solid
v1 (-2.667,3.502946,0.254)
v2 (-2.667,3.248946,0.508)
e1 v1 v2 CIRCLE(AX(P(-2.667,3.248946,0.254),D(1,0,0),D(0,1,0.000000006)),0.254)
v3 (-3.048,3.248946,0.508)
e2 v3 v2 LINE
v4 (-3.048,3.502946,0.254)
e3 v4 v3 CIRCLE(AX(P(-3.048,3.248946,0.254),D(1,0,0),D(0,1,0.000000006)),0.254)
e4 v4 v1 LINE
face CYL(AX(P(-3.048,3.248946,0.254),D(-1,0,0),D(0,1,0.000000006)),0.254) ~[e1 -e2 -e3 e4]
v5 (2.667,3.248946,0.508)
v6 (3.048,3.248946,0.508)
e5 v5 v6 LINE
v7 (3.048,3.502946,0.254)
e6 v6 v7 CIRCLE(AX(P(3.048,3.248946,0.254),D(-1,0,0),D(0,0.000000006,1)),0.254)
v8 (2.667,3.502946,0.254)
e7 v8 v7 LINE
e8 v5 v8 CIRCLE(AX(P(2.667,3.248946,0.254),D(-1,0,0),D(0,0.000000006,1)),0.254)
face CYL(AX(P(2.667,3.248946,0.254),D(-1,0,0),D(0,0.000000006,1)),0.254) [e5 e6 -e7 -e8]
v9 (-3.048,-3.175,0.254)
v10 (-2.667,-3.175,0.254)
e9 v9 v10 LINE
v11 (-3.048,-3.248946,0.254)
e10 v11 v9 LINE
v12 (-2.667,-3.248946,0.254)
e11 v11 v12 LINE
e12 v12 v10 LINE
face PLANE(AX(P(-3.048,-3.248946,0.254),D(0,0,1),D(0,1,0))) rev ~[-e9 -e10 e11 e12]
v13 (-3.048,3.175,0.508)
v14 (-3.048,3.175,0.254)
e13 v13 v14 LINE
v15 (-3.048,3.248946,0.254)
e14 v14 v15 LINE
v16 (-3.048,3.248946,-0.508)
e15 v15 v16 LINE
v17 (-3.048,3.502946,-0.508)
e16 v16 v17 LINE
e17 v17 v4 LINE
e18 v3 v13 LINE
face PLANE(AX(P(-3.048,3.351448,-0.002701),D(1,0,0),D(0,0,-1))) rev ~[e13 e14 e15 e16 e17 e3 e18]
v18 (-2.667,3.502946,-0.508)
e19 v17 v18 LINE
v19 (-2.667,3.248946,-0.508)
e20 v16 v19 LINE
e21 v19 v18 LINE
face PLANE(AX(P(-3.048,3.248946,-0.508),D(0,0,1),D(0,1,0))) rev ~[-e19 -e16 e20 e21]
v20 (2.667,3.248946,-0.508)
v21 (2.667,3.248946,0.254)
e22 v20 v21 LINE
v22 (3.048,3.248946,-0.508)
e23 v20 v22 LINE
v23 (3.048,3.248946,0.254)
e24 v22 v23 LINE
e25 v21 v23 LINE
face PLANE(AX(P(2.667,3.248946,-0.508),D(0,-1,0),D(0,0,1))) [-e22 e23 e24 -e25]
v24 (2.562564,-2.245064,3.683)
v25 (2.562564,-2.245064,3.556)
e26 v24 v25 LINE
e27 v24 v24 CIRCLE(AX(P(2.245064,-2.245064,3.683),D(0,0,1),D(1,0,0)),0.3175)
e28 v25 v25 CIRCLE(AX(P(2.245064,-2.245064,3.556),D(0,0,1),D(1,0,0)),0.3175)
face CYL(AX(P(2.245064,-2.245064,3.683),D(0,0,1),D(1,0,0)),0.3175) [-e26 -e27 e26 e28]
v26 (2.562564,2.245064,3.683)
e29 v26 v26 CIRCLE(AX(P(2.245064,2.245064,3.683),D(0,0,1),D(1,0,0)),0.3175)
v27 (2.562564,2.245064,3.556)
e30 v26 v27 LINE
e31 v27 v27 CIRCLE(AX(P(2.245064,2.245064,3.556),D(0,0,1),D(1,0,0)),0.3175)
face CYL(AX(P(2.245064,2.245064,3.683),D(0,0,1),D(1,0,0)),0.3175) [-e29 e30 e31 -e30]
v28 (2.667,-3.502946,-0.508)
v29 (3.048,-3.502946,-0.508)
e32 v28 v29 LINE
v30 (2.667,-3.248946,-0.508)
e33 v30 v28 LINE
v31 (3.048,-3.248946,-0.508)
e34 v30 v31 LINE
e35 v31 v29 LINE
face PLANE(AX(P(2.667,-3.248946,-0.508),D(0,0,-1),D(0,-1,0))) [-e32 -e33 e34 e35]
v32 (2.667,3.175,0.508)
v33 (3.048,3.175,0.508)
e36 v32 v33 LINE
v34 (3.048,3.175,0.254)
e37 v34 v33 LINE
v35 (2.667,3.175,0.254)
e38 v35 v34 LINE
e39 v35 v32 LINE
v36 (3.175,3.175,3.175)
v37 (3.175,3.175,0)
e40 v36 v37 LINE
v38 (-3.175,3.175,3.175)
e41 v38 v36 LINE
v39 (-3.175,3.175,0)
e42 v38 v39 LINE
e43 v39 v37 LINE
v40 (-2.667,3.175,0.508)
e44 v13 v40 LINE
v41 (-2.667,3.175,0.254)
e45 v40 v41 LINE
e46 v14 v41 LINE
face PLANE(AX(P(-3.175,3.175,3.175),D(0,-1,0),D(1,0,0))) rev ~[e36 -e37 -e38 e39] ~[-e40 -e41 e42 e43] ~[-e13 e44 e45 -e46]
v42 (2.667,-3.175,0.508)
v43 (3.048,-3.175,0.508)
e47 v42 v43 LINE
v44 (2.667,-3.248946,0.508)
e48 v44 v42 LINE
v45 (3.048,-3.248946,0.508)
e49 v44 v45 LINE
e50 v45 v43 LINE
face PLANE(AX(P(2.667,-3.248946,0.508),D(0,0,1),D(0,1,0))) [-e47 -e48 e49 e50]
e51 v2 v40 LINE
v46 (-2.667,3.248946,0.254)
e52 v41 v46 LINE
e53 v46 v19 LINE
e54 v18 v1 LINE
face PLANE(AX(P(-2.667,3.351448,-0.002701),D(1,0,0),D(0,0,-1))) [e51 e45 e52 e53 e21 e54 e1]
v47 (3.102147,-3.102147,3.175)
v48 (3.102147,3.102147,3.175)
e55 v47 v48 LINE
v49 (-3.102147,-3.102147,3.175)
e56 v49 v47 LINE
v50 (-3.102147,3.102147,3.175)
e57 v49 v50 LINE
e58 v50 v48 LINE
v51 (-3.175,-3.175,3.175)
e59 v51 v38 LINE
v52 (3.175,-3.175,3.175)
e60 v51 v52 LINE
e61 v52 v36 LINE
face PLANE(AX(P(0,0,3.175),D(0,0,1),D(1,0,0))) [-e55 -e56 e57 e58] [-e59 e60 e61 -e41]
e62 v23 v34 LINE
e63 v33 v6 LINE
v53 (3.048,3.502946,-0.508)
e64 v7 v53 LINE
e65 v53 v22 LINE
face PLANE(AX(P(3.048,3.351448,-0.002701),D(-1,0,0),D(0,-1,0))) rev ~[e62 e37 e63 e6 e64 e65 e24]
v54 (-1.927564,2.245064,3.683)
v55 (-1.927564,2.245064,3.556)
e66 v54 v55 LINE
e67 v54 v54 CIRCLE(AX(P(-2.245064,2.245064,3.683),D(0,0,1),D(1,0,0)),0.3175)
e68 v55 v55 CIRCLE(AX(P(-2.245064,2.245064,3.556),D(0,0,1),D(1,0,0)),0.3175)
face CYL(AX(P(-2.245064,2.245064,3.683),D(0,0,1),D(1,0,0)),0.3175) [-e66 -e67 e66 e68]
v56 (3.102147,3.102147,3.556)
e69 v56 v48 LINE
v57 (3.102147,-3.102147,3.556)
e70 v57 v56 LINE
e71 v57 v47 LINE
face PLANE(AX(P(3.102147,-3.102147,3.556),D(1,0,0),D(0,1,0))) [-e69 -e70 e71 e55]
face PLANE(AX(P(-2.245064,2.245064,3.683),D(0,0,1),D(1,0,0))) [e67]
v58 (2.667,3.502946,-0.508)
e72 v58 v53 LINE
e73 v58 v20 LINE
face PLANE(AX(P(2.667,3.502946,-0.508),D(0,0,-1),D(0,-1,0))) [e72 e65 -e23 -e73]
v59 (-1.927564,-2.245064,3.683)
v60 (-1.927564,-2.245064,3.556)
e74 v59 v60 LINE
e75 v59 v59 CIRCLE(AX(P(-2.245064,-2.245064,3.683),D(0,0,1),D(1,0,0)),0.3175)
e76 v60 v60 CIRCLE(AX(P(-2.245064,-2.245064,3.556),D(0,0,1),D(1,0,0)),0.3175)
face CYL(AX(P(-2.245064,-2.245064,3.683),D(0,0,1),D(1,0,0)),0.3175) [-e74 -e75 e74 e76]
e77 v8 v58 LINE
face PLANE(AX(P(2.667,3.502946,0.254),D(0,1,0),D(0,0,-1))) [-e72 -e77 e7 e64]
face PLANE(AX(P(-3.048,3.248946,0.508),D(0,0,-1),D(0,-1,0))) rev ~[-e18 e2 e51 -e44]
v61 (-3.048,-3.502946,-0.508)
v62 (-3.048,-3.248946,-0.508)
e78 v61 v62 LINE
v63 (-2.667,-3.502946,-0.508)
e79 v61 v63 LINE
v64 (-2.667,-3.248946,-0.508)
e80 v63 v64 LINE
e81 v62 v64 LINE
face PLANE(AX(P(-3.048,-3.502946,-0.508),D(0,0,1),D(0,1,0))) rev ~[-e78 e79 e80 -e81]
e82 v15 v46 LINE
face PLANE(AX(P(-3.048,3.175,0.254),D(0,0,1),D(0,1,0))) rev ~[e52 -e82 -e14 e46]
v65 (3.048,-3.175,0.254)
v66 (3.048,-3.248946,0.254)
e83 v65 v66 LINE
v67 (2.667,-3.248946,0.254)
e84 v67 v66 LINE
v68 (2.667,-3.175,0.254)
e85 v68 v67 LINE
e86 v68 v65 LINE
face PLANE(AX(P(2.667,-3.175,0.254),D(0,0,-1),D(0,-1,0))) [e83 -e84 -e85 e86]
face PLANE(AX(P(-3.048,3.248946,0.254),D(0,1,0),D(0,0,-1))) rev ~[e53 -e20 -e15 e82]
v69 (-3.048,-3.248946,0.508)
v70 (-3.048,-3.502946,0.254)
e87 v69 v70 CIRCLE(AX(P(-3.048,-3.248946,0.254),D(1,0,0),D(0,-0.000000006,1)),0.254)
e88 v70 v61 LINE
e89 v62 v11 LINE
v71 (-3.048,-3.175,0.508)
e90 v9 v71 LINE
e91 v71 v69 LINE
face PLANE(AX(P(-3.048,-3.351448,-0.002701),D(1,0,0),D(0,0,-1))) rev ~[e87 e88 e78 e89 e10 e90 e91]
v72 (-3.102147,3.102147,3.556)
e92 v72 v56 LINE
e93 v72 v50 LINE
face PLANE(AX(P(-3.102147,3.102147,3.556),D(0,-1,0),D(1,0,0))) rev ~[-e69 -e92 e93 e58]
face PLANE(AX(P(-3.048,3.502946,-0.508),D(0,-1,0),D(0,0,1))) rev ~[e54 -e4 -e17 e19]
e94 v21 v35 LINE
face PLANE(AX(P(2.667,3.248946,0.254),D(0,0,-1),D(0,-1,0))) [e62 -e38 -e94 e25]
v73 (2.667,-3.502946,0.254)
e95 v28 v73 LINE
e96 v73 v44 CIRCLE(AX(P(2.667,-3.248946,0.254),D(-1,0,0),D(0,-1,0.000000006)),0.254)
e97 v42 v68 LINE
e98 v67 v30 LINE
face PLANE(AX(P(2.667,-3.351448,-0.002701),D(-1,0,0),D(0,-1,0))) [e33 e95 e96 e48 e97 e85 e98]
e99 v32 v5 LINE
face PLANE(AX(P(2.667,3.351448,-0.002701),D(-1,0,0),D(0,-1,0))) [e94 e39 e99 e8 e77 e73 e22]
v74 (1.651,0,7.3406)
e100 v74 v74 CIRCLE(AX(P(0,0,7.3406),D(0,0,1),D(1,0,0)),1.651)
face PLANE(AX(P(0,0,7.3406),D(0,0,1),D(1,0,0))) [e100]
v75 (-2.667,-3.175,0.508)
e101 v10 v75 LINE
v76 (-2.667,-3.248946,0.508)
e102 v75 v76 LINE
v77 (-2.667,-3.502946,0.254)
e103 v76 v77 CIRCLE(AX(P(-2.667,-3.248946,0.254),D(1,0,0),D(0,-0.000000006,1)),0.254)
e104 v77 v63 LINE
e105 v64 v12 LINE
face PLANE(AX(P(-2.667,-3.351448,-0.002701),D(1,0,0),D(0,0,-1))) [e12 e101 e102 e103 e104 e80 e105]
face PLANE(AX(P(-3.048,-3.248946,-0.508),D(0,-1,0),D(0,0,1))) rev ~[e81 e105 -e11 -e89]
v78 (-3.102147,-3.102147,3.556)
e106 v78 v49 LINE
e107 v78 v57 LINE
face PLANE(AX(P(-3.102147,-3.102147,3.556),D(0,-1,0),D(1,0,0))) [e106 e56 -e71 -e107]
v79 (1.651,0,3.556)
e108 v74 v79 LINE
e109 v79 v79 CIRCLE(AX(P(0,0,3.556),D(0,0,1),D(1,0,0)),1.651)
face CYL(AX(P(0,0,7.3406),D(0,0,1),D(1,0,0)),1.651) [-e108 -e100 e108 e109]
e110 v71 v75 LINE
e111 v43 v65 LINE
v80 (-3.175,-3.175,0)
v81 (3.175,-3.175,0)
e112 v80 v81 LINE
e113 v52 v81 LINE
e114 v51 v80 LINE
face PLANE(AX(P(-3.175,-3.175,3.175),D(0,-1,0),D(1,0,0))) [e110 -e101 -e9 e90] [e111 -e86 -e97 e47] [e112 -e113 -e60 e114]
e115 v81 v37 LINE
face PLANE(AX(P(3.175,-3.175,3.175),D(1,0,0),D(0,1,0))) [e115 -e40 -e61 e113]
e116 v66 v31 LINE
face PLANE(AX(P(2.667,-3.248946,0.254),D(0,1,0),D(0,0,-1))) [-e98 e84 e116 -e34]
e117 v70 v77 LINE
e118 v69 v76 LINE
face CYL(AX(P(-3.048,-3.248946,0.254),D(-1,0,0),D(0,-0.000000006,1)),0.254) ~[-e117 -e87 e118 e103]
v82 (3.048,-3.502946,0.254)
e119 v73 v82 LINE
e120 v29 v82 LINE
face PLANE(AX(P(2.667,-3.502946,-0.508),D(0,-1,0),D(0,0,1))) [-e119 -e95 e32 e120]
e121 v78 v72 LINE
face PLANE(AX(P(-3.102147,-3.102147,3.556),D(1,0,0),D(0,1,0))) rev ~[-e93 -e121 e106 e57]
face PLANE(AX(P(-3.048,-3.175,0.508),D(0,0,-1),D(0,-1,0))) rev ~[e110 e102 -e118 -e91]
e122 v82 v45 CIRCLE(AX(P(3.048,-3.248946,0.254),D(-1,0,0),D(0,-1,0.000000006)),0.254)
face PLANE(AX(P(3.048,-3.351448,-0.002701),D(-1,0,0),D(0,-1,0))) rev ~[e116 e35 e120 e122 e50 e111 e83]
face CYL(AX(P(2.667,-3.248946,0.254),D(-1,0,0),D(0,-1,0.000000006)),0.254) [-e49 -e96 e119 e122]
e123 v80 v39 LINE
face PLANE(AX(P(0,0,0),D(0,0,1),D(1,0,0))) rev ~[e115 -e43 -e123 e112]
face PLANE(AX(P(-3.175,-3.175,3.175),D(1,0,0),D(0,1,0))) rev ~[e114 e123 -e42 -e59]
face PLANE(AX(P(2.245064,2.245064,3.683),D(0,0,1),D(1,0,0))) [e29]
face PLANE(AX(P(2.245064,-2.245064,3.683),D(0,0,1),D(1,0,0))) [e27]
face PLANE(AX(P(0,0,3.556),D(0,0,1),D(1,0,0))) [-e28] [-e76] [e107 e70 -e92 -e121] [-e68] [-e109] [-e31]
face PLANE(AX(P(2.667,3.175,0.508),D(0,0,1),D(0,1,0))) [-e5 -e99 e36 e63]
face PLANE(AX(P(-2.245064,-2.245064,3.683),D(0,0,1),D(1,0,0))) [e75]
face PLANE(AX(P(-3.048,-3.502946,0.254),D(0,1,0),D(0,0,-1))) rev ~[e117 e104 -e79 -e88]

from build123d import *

# Parameters (mm, degrees)
SKETCH1_W           = 6.35
SKETCH1_H           = 6.35
BOSS_EXTRUDE1_DEPTH = 3.175
SKETCH2_W           = 6.204293306
SKETCH2_H           = 6.204293306
BOSS_EXTRUDE2_DEPTH = 0.381
BOSS_EXTRUDE3_DEPTH = 0.381
BOSS_EXTRUDE4_START = -0.381
BOSS_EXTRUDE4_DEPTH = 0.381
BOSS_EXTRUDE5_REACH = 8.318
SKETCH5_R           = 0.3175
SKETCH6_R           = 1.651
BOSS_EXTRUDE6_DEPTH = 3.7846


with BuildPart() as part:
    # Sketch1 → Boss-Extrude1 (new body)
    with BuildSketch(Plane.XY.offset(3.175)):
        Rectangle(SKETCH1_W, SKETCH1_H)
    extrude(amount=-BOSS_EXTRUDE1_DEPTH)

    # Sketch2 → Boss-Extrude2 (add)
    with BuildSketch(Plane.XY.offset(3.556)):
        Rectangle(SKETCH2_W, SKETCH2_H)
    extrude(amount=-BOSS_EXTRUDE2_DEPTH)

    # Sketch3 → Boss-Extrude3 (add)
    with BuildSketch(Plane(origin=(2.667, 0, 0), x_dir=(0, -1, 0), z_dir=(-1, 0, 0))):
        with BuildLine():
            Line((3.24894616, 0.254), (3.24894616, -0.508))
            Line((3.24894616, -0.508), (3.50294616, -0.508))
            Line((3.50294616, -0.508), (3.50294616, 0.254))
            ThreePointArc((3.50294616, 0.254), (3.428551282, 0.433605122), (3.24894616, 0.508))
            Line((3.24894616, 0.508), (3.175, 0.508))
            Line((3.175, 0.508), (3.175, 0.254))
            Line((3.175, 0.254), (3.24894616, 0.254))
        make_face()
        with BuildLine():
            Line((-3.50294616, 0.254), (-3.50294616, -0.508))
            Line((-3.50294616, -0.508), (-3.24894616, -0.508))
            Line((-3.24894616, -0.508), (-3.24894616, 0.254))
            Line((-3.24894616, 0.254), (-3.175, 0.254))
            Line((-3.175, 0.254), (-3.175, 0.508))
            Line((-3.175, 0.508), (-3.24894616, 0.508))
            ThreePointArc((-3.24894616, 0.508), (-3.428551282, 0.433605122), (-3.50294616, 0.254))
        make_face()
    extrude(amount=-BOSS_EXTRUDE3_DEPTH)

    # Sketch4 → Boss-Extrude4 (add)
    with BuildSketch(Plane(origin=(-2.667, 0, 0), x_dir=(0, 0, -1), z_dir=(1, 0, 0)).offset(BOSS_EXTRUDE4_START)):
        with BuildLine():
            Line((-0.254, -3.50294616), (0.508, -3.50294616))
            Line((0.508, -3.50294616), (0.508, -3.24894616))
            Line((0.508, -3.24894616), (-0.254, -3.24894616))
            Line((-0.254, -3.24894616), (-0.254, -3.175))
            Line((-0.254, -3.175), (-0.508, -3.175))
            Line((-0.508, -3.175), (-0.508, -3.24894616))
            ThreePointArc((-0.508, -3.24894616), (-0.433605122, -3.428551282), (-0.254, -3.50294616))
        make_face()
        with BuildLine():
            Line((-0.508, 3.24894616), (-0.508, 3.175))
            Line((-0.508, 3.175), (-0.254, 3.175))
            Line((-0.254, 3.175), (-0.254, 3.24894616))
            Line((-0.254, 3.24894616), (0.508, 3.24894616))
            Line((0.508, 3.24894616), (0.508, 3.50294616))
            Line((0.508, 3.50294616), (-0.254, 3.50294616))
            ThreePointArc((-0.254, 3.50294616), (-0.433605122, 3.428551282), (-0.508, 3.24894616))
        make_face()
    extrude(amount=BOSS_EXTRUDE4_DEPTH)

    # Sketch5 → Boss-Extrude5 (add, up to next)
    with BuildSketch(Plane.XY.offset(3.683), mode=Mode.PRIVATE) as boss_extrude5_sk1:
        with Locations((2.24506403, -2.24506403)):
            Circle(SKETCH5_R)
    boss_extrude5_tool1 = extrude(boss_extrude5_sk1.sketch, amount=-BOSS_EXTRUDE5_REACH, mode=Mode.PRIVATE) - part.part
    # Sketch5 → Boss-Extrude5 (add, up to next)
    with BuildSketch(Plane.XY.offset(3.683), mode=Mode.PRIVATE) as boss_extrude5_sk2:
        with Locations((-2.24506403, -2.24506403)):
            Circle(SKETCH5_R)
    boss_extrude5_tool2 = extrude(boss_extrude5_sk2.sketch, amount=-BOSS_EXTRUDE5_REACH, mode=Mode.PRIVATE) - part.part
    # Sketch5 → Boss-Extrude5 (add, up to next)
    with BuildSketch(Plane.XY.offset(3.683), mode=Mode.PRIVATE) as boss_extrude5_sk3:
        with Locations((-2.24506403, 2.24506403)):
            Circle(SKETCH5_R)
    boss_extrude5_tool3 = extrude(boss_extrude5_sk3.sketch, amount=-BOSS_EXTRUDE5_REACH, mode=Mode.PRIVATE) - part.part
    # Sketch5 → Boss-Extrude5 (add, up to next)
    with BuildSketch(Plane.XY.offset(3.683), mode=Mode.PRIVATE) as boss_extrude5_sk4:
        with Locations((2.24506403, 2.24506403)):
            Circle(SKETCH5_R)
    boss_extrude5_tool4 = extrude(boss_extrude5_sk4.sketch, amount=-BOSS_EXTRUDE5_REACH, mode=Mode.PRIVATE) - part.part
    add(boss_extrude5_tool1.solids().sort_by_distance((2.245064, -2.245064, 3.683))[0])
    add(boss_extrude5_tool2.solids().sort_by_distance((-2.245064, -2.245064, 3.683))[0])
    add(boss_extrude5_tool3.solids().sort_by_distance((-2.245064, 2.245064, 3.683))[0])
    add(boss_extrude5_tool4.solids().sort_by_distance((2.245064, 2.245064, 3.683))[0])

    # Sketch6 → Boss-Extrude6 (add)
    with BuildSketch(Plane.XY.offset(7.3406)):
        Circle(SKETCH6_R)
    extrude(amount=-BOSS_EXTRUDE6_DEPTH)


solid = part.part
